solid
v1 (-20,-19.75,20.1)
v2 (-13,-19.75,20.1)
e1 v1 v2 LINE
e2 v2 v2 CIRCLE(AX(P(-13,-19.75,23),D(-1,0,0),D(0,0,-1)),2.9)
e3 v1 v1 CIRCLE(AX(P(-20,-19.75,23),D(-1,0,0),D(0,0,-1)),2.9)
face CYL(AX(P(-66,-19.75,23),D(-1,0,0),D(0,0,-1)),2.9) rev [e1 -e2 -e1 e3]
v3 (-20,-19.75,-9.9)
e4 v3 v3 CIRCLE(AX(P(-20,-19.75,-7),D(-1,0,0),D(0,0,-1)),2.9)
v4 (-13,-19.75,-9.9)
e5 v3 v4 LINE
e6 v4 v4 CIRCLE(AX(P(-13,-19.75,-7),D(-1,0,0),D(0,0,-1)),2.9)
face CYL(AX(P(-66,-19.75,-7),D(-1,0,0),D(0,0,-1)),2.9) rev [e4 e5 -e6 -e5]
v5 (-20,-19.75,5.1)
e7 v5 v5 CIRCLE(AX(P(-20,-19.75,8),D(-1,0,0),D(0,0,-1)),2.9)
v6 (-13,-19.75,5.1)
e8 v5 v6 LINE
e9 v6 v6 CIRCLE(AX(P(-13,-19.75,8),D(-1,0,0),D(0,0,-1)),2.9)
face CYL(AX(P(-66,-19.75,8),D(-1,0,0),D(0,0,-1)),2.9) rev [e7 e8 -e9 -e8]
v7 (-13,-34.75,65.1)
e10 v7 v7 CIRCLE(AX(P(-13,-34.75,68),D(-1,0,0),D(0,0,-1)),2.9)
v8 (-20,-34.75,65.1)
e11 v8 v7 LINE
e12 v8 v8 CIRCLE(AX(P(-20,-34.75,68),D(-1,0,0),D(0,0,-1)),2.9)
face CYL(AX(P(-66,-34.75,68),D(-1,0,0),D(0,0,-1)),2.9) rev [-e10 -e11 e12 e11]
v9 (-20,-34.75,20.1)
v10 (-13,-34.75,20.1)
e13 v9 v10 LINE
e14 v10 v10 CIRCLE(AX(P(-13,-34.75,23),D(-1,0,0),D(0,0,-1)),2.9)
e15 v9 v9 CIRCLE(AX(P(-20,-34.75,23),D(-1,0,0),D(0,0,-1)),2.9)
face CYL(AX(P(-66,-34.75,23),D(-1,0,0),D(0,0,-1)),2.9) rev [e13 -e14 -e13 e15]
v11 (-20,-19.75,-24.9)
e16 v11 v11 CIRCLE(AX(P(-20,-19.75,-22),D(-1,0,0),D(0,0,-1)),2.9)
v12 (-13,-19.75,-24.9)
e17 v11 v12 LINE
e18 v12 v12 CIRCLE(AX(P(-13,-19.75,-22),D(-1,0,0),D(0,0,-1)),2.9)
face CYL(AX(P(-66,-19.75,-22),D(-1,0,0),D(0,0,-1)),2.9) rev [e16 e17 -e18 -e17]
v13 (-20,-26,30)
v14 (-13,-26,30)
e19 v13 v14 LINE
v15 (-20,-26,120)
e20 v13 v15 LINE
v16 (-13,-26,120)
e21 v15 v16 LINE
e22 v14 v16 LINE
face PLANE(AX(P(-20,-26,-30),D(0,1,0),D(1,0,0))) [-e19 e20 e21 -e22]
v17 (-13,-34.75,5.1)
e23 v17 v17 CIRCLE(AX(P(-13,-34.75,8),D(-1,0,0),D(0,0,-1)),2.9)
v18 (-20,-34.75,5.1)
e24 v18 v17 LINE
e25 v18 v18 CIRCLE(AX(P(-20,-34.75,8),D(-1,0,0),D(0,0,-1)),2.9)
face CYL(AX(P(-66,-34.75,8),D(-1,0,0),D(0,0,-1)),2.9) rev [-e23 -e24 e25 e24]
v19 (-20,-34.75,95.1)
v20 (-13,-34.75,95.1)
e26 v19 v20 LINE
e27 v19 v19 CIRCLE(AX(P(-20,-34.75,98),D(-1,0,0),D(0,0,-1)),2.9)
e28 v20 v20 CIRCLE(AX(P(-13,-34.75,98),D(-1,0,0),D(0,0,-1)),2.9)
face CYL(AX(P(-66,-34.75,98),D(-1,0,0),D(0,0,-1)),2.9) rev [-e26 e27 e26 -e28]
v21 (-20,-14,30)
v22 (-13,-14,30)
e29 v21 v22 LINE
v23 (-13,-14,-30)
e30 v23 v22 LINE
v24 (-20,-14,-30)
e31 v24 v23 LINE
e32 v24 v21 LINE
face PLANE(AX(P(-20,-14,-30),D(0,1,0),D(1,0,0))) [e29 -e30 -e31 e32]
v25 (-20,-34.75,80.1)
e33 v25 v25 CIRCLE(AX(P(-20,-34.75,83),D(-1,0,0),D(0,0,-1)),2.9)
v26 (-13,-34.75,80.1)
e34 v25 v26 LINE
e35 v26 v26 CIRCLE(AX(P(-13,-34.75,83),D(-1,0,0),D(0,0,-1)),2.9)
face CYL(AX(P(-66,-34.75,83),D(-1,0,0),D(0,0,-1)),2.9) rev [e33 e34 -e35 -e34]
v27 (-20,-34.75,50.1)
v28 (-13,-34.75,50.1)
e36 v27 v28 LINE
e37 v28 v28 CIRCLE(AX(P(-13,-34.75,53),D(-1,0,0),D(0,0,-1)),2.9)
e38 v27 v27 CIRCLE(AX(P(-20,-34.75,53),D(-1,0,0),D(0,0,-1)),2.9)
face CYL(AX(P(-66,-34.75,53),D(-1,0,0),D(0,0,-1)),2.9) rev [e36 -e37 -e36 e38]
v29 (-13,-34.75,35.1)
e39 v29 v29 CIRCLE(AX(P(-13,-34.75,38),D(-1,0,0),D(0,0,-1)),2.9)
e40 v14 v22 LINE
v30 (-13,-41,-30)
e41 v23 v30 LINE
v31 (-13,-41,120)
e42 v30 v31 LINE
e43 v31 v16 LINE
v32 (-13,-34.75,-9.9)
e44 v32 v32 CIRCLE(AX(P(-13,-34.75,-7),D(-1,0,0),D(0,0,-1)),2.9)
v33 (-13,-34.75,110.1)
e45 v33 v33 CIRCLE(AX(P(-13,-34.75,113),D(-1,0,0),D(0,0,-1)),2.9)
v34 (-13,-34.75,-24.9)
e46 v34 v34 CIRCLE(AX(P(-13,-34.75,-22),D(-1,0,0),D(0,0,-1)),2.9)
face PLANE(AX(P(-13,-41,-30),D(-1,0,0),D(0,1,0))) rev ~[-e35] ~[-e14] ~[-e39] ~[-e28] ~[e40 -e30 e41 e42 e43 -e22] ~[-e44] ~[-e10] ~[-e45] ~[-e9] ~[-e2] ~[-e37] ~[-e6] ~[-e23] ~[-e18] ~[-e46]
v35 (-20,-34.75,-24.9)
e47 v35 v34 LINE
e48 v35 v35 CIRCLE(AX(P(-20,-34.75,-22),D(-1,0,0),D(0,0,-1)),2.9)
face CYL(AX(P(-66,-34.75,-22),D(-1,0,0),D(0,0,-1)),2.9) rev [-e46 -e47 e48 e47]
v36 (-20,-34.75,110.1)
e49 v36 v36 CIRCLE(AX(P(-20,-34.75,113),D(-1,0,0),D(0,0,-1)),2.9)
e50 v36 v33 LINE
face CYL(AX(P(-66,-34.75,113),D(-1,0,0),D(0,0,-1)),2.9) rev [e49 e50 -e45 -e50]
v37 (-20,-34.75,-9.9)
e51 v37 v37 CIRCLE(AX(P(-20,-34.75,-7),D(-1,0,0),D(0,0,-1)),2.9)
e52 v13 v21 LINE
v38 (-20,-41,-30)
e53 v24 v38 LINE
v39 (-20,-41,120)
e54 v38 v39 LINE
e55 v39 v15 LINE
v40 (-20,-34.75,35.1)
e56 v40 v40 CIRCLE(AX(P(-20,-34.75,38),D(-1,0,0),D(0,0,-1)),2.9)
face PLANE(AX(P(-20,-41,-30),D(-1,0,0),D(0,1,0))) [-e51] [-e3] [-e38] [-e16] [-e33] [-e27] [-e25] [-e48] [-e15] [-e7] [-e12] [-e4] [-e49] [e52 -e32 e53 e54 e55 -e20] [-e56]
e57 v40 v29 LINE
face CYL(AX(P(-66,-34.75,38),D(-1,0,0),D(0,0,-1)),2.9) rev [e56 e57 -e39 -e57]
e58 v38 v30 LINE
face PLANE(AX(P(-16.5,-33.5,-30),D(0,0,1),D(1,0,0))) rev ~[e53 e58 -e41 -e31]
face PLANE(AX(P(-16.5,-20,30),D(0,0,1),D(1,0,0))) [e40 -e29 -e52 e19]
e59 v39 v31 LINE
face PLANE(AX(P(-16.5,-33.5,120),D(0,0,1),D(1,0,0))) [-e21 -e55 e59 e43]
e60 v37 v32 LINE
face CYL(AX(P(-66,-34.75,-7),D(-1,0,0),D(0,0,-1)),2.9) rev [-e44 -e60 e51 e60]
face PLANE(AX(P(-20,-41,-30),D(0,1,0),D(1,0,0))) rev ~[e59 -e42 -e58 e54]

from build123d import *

# Parameters (mm, degrees)
CYLINDER061_R     = 2.9
CYLINDER061_DEPTH = 132
CYLINDER062_R     = 2.9
CYLINDER062_DEPTH = 132
CYLINDER063_R     = 2.9
CYLINDER063_DEPTH = 132
CYLINDER064_R     = 2.9
CYLINDER064_DEPTH = 132
CYLINDER065_R     = 2.9
CYLINDER065_DEPTH = 132
CYLINDER066_R     = 2.9
CYLINDER066_DEPTH = 132
CYLINDER067_R     = 2.9
CYLINDER067_DEPTH = 132
CYLINDER068_R     = 2.9
CYLINDER068_DEPTH = 132
CYLINDER069_R     = 2.9
CYLINDER069_DEPTH = 132
CYLINDER070_R     = 2.9
CYLINDER070_DEPTH = 132
CYLINDER071_R     = 2.9
CYLINDER071_DEPTH = 132
CYLINDER072_R     = 2.9
CYLINDER072_DEPTH = 132
CYLINDER073_R     = 2.9
CYLINDER073_DEPTH = 132
CYLINDER074_R     = 2.9
CYLINDER074_DEPTH = 132
CYLINDER075_R     = 2.9
CYLINDER075_DEPTH = 132
CYLINDER076_R     = 2.9
CYLINDER076_DEPTH = 132
CYLINDER077_R     = 2.9
CYLINDER077_DEPTH = 132
CYLINDER078_R     = 2.9
CYLINDER078_DEPTH = 132
CYLINDER079_R     = 2.9
CYLINDER079_DEPTH = 132
CYLINDER060_R     = 2.9
CYLINDER060_DEPTH = 132
CYLINDER041_R     = 2.9
CYLINDER041_DEPTH = 132
CYLINDER042_R     = 2.9
CYLINDER042_DEPTH = 132
CYLINDER043_R     = 2.9
CYLINDER043_DEPTH = 132
CYLINDER044_R     = 2.9
CYLINDER044_DEPTH = 132
CYLINDER045_R     = 2.9
CYLINDER045_DEPTH = 132
CYLINDER046_R     = 2.9
CYLINDER046_DEPTH = 132
CYLINDER047_R     = 2.9
CYLINDER047_DEPTH = 132
CYLINDER048_R     = 2.9
CYLINDER048_DEPTH = 132
CYLINDER049_R     = 2.9
CYLINDER049_DEPTH = 132
CYLINDER050_R     = 2.9
CYLINDER050_DEPTH = 132
CYLINDER051_R     = 2.9
CYLINDER051_DEPTH = 132
CYLINDER052_R     = 2.9
CYLINDER052_DEPTH = 132
CYLINDER053_R     = 2.9
CYLINDER053_DEPTH = 132
CYLINDER054_R     = 2.9
CYLINDER054_DEPTH = 132
CYLINDER055_R     = 2.9
CYLINDER055_DEPTH = 132
CYLINDER056_R     = 2.9
CYLINDER056_DEPTH = 132
CYLINDER057_R     = 2.9
CYLINDER057_DEPTH = 132
CYLINDER058_R     = 2.9
CYLINDER058_DEPTH = 132
CYLINDER059_R     = 2.9
CYLINDER059_DEPTH = 132
CYLINDER040_R     = 2.9
CYLINDER040_DEPTH = 132
CUBE003_W         = 7
CUBE003_H         = 15
CUBE003_DEPTH     = 150
CUBE002_W         = 7
CUBE002_H         = 12
CUBE002_DEPTH     = 60


with BuildPart() as cylinder061:
    # cylinder061 → cylinder061 (new body)
    with BuildSketch(Plane(origin=(-66, 0, 25), x_dir=(0, 0, -1), z_dir=(1, 0, 0))):
        Circle(CYLINDER061_R)
    extrude(amount=CYLINDER061_DEPTH)


with BuildPart() as cylinder062:
    # cylinder062 → cylinder062 (new body)
    with BuildSketch(Plane(origin=(-66, 0, 40), x_dir=(0, 0, -1), z_dir=(1, 0, 0))):
        Circle(CYLINDER062_R)
    extrude(amount=CYLINDER062_DEPTH)


with BuildPart() as cylinder063:
    # cylinder063 → cylinder063 (new body)
    with BuildSketch(Plane(origin=(-66, 0, 55), x_dir=(0, 0, -1), z_dir=(1, 0, 0))):
        Circle(CYLINDER063_R)
    extrude(amount=CYLINDER063_DEPTH)


with BuildPart() as cylinder064:
    # cylinder064 → cylinder064 (new body)
    with BuildSketch(Plane(origin=(-66, 0, 70), x_dir=(0, 0, -1), z_dir=(1, 0, 0))):
        Circle(CYLINDER064_R)
    extrude(amount=CYLINDER064_DEPTH)


with BuildPart() as cylinder065:
    # cylinder065 → cylinder065 (new body)
    with BuildSketch(Plane(origin=(-66, 0, 85), x_dir=(0, 0, -1), z_dir=(1, 0, 0))):
        Circle(CYLINDER065_R)
    extrude(amount=CYLINDER065_DEPTH)


with BuildPart() as cylinder066:
    # cylinder066 → cylinder066 (new body)
    with BuildSketch(Plane(origin=(-66, 0, 100), x_dir=(0, 0, -1), z_dir=(1, 0, 0))):
        Circle(CYLINDER066_R)
    extrude(amount=CYLINDER066_DEPTH)


with BuildPart() as cylinder067:
    # cylinder067 → cylinder067 (new body)
    with BuildSketch(Plane(origin=(-66, 0, 115), x_dir=(0, 0, -1), z_dir=(1, 0, 0))):
        Circle(CYLINDER067_R)
    extrude(amount=CYLINDER067_DEPTH)


with BuildPart() as cylinder068:
    # cylinder068 → cylinder068 (new body)
    with BuildSketch(Plane(origin=(-66, 0, 130), x_dir=(0, 0, -1), z_dir=(1, 0, 0))):
        Circle(CYLINDER068_R)
    extrude(amount=CYLINDER068_DEPTH)


with BuildPart() as cylinder069:
    # cylinder069 → cylinder069 (new body)
    with BuildSketch(Plane(origin=(-66, 0, 145), x_dir=(0, 0, -1), z_dir=(1, 0, 0))):
        Circle(CYLINDER069_R)
    extrude(amount=CYLINDER069_DEPTH)


with BuildPart() as cylinder070:
    # cylinder070 → cylinder070 (new body)
    with BuildSketch(Plane(origin=(-66, 0, 160), x_dir=(0, 0, -1), z_dir=(1, 0, 0))):
        Circle(CYLINDER070_R)
    extrude(amount=CYLINDER070_DEPTH)


with BuildPart() as cylinder071:
    # cylinder071 → cylinder071 (new body)
    with BuildSketch(Plane(origin=(-66, 0, 175), x_dir=(0, 0, -1), z_dir=(1, 0, 0))):
        Circle(CYLINDER071_R)
    extrude(amount=CYLINDER071_DEPTH)


with BuildPart() as cylinder072:
    # cylinder072 → cylinder072 (new body)
    with BuildSketch(Plane(origin=(-66, 0, 190), x_dir=(0, 0, -1), z_dir=(1, 0, 0))):
        Circle(CYLINDER072_R)
    extrude(amount=CYLINDER072_DEPTH)


with BuildPart() as cylinder073:
    # cylinder073 → cylinder073 (new body)
    with BuildSketch(Plane(origin=(-66, 0, 205), x_dir=(0, 0, -1), z_dir=(1, 0, 0))):
        Circle(CYLINDER073_R)
    extrude(amount=CYLINDER073_DEPTH)


with BuildPart() as cylinder074:
    # cylinder074 → cylinder074 (new body)
    with BuildSketch(Plane(origin=(-66, 0, 220), x_dir=(0, 0, -1), z_dir=(1, 0, 0))):
        Circle(CYLINDER074_R)
    extrude(amount=CYLINDER074_DEPTH)


with BuildPart() as cylinder075:
    # cylinder075 → cylinder075 (new body)
    with BuildSketch(Plane(origin=(-66, 0, 235), x_dir=(0, 0, -1), z_dir=(1, 0, 0))):
        Circle(CYLINDER075_R)
    extrude(amount=CYLINDER075_DEPTH)


with BuildPart() as cylinder076:
    # cylinder076 → cylinder076 (new body)
    with BuildSketch(Plane(origin=(-66, 0, 250), x_dir=(0, 0, -1), z_dir=(1, 0, 0))):
        Circle(CYLINDER076_R)
    extrude(amount=CYLINDER076_DEPTH)


with BuildPart() as cylinder077:
    # cylinder077 → cylinder077 (new body)
    with BuildSketch(Plane(origin=(-66, 0, 265), x_dir=(0, 0, -1), z_dir=(1, 0, 0))):
        Circle(CYLINDER077_R)
    extrude(amount=CYLINDER077_DEPTH)


with BuildPart() as cylinder078:
    # cylinder078 → cylinder078 (new body)
    with BuildSketch(Plane(origin=(-66, 0, 280), x_dir=(0, 0, -1), z_dir=(1, 0, 0))):
        Circle(CYLINDER078_R)
    extrude(amount=CYLINDER078_DEPTH)


with BuildPart() as cylinder079:
    # cylinder079 → cylinder079 (new body)
    with BuildSketch(Plane(origin=(-66, 0, 295), x_dir=(0, 0, -1), z_dir=(1, 0, 0))):
        Circle(CYLINDER079_R)
    extrude(amount=CYLINDER079_DEPTH)


with BuildPart() as group003:
    # cylinder060 → cylinder060 (new body)
    with BuildSketch(Plane(origin=(-66, 0, 10), x_dir=(0, 0, -1), z_dir=(1, 0, 0))):
        Circle(CYLINDER060_R)
    extrude(amount=CYLINDER060_DEPTH)

    # Group003: union cylinder061, cylinder062, cylinder063, cylinder064, cylinder065, cylinder066, cylinder067, cylinder068, cylinder069, cylinder070, cylinder071, cylinder072, cylinder073, cylinder074, cylinder075, cylinder076, cylinder077, cylinder078, cylinder079
    add(cylinder061.part)
    add(cylinder062.part)
    add(cylinder063.part)
    add(cylinder064.part)
    add(cylinder065.part)
    add(cylinder066.part)
    add(cylinder067.part)
    add(cylinder068.part)
    add(cylinder069.part)
    add(cylinder070.part)
    add(cylinder071.part)
    add(cylinder072.part)
    add(cylinder073.part)
    add(cylinder074.part)
    add(cylinder075.part)
    add(cylinder076.part)
    add(cylinder077.part)
    add(cylinder078.part)
    add(cylinder079.part)


with BuildPart() as group003_1:
    # Group003 placement: moved
    add(group003.part.moved(Location((0, -34.75, -32))))


with BuildPart() as cylinder041:
    # cylinder041 → cylinder041 (new body)
    with BuildSketch(Plane(origin=(-66, 0, 25), x_dir=(0, 0, -1), z_dir=(1, 0, 0))):
        Circle(CYLINDER041_R)
    extrude(amount=CYLINDER041_DEPTH)


with BuildPart() as cylinder042:
    # cylinder042 → cylinder042 (new body)
    with BuildSketch(Plane(origin=(-66, 0, 40), x_dir=(0, 0, -1), z_dir=(1, 0, 0))):
        Circle(CYLINDER042_R)
    extrude(amount=CYLINDER042_DEPTH)


with BuildPart() as cylinder043:
    # cylinder043 → cylinder043 (new body)
    with BuildSketch(Plane(origin=(-66, 0, 55), x_dir=(0, 0, -1), z_dir=(1, 0, 0))):
        Circle(CYLINDER043_R)
    extrude(amount=CYLINDER043_DEPTH)


with BuildPart() as cylinder044:
    # cylinder044 → cylinder044 (new body)
    with BuildSketch(Plane(origin=(-66, 0, 70), x_dir=(0, 0, -1), z_dir=(1, 0, 0))):
        Circle(CYLINDER044_R)
    extrude(amount=CYLINDER044_DEPTH)


with BuildPart() as cylinder045:
    # cylinder045 → cylinder045 (new body)
    with BuildSketch(Plane(origin=(-66, 0, 85), x_dir=(0, 0, -1), z_dir=(1, 0, 0))):
        Circle(CYLINDER045_R)
    extrude(amount=CYLINDER045_DEPTH)


with BuildPart() as cylinder046:
    # cylinder046 → cylinder046 (new body)
    with BuildSketch(Plane(origin=(-66, 0, 100), x_dir=(0, 0, -1), z_dir=(1, 0, 0))):
        Circle(CYLINDER046_R)
    extrude(amount=CYLINDER046_DEPTH)


with BuildPart() as cylinder047:
    # cylinder047 → cylinder047 (new body)
    with BuildSketch(Plane(origin=(-66, 0, 115), x_dir=(0, 0, -1), z_dir=(1, 0, 0))):
        Circle(CYLINDER047_R)
    extrude(amount=CYLINDER047_DEPTH)


with BuildPart() as cylinder048:
    # cylinder048 → cylinder048 (new body)
    with BuildSketch(Plane(origin=(-66, 0, 130), x_dir=(0, 0, -1), z_dir=(1, 0, 0))):
        Circle(CYLINDER048_R)
    extrude(amount=CYLINDER048_DEPTH)


with BuildPart() as cylinder049:
    # cylinder049 → cylinder049 (new body)
    with BuildSketch(Plane(origin=(-66, 0, 145), x_dir=(0, 0, -1), z_dir=(1, 0, 0))):
        Circle(CYLINDER049_R)
    extrude(amount=CYLINDER049_DEPTH)


with BuildPart() as cylinder050:
    # cylinder050 → cylinder050 (new body)
    with BuildSketch(Plane(origin=(-66, 0, 160), x_dir=(0, 0, -1), z_dir=(1, 0, 0))):
        Circle(CYLINDER050_R)
    extrude(amount=CYLINDER050_DEPTH)


with BuildPart() as cylinder051:
    # cylinder051 → cylinder051 (new body)
    with BuildSketch(Plane(origin=(-66, 0, 175), x_dir=(0, 0, -1), z_dir=(1, 0, 0))):
        Circle(CYLINDER051_R)
    extrude(amount=CYLINDER051_DEPTH)


with BuildPart() as cylinder052:
    # cylinder052 → cylinder052 (new body)
    with BuildSketch(Plane(origin=(-66, 0, 190), x_dir=(0, 0, -1), z_dir=(1, 0, 0))):
        Circle(CYLINDER052_R)
    extrude(amount=CYLINDER052_DEPTH)


with BuildPart() as cylinder053:
    # cylinder053 → cylinder053 (new body)
    with BuildSketch(Plane(origin=(-66, 0, 205), x_dir=(0, 0, -1), z_dir=(1, 0, 0))):
        Circle(CYLINDER053_R)
    extrude(amount=CYLINDER053_DEPTH)


with BuildPart() as cylinder054:
    # cylinder054 → cylinder054 (new body)
    with BuildSketch(Plane(origin=(-66, 0, 220), x_dir=(0, 0, -1), z_dir=(1, 0, 0))):
        Circle(CYLINDER054_R)
    extrude(amount=CYLINDER054_DEPTH)


with BuildPart() as cylinder055:
    # cylinder055 → cylinder055 (new body)
    with BuildSketch(Plane(origin=(-66, 0, 235), x_dir=(0, 0, -1), z_dir=(1, 0, 0))):
        Circle(CYLINDER055_R)
    extrude(amount=CYLINDER055_DEPTH)


with BuildPart() as cylinder056:
    # cylinder056 → cylinder056 (new body)
    with BuildSketch(Plane(origin=(-66, 0, 250), x_dir=(0, 0, -1), z_dir=(1, 0, 0))):
        Circle(CYLINDER056_R)
    extrude(amount=CYLINDER056_DEPTH)


with BuildPart() as cylinder057:
    # cylinder057 → cylinder057 (new body)
    with BuildSketch(Plane(origin=(-66, 0, 265), x_dir=(0, 0, -1), z_dir=(1, 0, 0))):
        Circle(CYLINDER057_R)
    extrude(amount=CYLINDER057_DEPTH)


with BuildPart() as cylinder058:
    # cylinder058 → cylinder058 (new body)
    with BuildSketch(Plane(origin=(-66, 0, 280), x_dir=(0, 0, -1), z_dir=(1, 0, 0))):
        Circle(CYLINDER058_R)
    extrude(amount=CYLINDER058_DEPTH)


with BuildPart() as cylinder059:
    # cylinder059 → cylinder059 (new body)
    with BuildSketch(Plane(origin=(-66, 0, 295), x_dir=(0, 0, -1), z_dir=(1, 0, 0))):
        Circle(CYLINDER059_R)
    extrude(amount=CYLINDER059_DEPTH)


with BuildPart() as union001:
    # cylinder040 → cylinder040 (new body)
    with BuildSketch(Plane(origin=(-66, 0, 10), x_dir=(0, 0, -1), z_dir=(1, 0, 0))):
        Circle(CYLINDER040_R)
    extrude(amount=CYLINDER040_DEPTH)

    # Group002: union cylinder041, cylinder042, cylinder043, cylinder044, cylinder045, cylinder046, cylinder047, cylinder048, cylinder049, cylinder050, cylinder051, cylinder052, cylinder053, cylinder054, cylinder055, cylinder056, cylinder057, cylinder058, cylinder059
    add(cylinder041.part)
    add(cylinder042.part)
    add(cylinder043.part)
    add(cylinder044.part)
    add(cylinder045.part)
    add(cylinder046.part)
    add(cylinder047.part)
    add(cylinder048.part)
    add(cylinder049.part)
    add(cylinder050.part)
    add(cylinder051.part)
    add(cylinder052.part)
    add(cylinder053.part)
    add(cylinder054.part)
    add(cylinder055.part)
    add(cylinder056.part)
    add(cylinder057.part)
    add(cylinder058.part)
    add(cylinder059.part)


with BuildPart() as union001_1:
    # Group002 placement: moved
    add(union001.part.moved(Location((0, -19.75, -32))))

    # union001: union Group003
    add(group003_1.part)


with BuildPart() as cube003:
    # cube003 → cube003 (new body)
    with BuildSketch(Plane(origin=(-3.5, -21, -30), x_dir=(1, 0, 0), z_dir=(0, 0, 1))):
        with Locations((3.5, 7.5)):
            Rectangle(CUBE003_W, CUBE003_H)
    extrude(amount=CUBE003_DEPTH)


with BuildPart() as difference001:
    # cube002 → cube002 (new body)
    with BuildSketch(Plane(origin=(-3.5, -6, -30), x_dir=(1, 0, 0), z_dir=(0, 0, 1))):
        with Locations((3.5, 6)):
            Rectangle(CUBE002_W, CUBE002_H)
    extrude(amount=CUBE002_DEPTH)

    # Matrix_Union001: union cube003
    add(cube003.part)


with BuildPart() as difference001_1:
    # Matrix_Union001 placement: moved
    add(difference001.part.moved(Location((-16.5, -20, 0))))

    # difference001: cut union001
    add(union001_1.part, mode=Mode.SUBTRACT)


solid = difference001_1.part
